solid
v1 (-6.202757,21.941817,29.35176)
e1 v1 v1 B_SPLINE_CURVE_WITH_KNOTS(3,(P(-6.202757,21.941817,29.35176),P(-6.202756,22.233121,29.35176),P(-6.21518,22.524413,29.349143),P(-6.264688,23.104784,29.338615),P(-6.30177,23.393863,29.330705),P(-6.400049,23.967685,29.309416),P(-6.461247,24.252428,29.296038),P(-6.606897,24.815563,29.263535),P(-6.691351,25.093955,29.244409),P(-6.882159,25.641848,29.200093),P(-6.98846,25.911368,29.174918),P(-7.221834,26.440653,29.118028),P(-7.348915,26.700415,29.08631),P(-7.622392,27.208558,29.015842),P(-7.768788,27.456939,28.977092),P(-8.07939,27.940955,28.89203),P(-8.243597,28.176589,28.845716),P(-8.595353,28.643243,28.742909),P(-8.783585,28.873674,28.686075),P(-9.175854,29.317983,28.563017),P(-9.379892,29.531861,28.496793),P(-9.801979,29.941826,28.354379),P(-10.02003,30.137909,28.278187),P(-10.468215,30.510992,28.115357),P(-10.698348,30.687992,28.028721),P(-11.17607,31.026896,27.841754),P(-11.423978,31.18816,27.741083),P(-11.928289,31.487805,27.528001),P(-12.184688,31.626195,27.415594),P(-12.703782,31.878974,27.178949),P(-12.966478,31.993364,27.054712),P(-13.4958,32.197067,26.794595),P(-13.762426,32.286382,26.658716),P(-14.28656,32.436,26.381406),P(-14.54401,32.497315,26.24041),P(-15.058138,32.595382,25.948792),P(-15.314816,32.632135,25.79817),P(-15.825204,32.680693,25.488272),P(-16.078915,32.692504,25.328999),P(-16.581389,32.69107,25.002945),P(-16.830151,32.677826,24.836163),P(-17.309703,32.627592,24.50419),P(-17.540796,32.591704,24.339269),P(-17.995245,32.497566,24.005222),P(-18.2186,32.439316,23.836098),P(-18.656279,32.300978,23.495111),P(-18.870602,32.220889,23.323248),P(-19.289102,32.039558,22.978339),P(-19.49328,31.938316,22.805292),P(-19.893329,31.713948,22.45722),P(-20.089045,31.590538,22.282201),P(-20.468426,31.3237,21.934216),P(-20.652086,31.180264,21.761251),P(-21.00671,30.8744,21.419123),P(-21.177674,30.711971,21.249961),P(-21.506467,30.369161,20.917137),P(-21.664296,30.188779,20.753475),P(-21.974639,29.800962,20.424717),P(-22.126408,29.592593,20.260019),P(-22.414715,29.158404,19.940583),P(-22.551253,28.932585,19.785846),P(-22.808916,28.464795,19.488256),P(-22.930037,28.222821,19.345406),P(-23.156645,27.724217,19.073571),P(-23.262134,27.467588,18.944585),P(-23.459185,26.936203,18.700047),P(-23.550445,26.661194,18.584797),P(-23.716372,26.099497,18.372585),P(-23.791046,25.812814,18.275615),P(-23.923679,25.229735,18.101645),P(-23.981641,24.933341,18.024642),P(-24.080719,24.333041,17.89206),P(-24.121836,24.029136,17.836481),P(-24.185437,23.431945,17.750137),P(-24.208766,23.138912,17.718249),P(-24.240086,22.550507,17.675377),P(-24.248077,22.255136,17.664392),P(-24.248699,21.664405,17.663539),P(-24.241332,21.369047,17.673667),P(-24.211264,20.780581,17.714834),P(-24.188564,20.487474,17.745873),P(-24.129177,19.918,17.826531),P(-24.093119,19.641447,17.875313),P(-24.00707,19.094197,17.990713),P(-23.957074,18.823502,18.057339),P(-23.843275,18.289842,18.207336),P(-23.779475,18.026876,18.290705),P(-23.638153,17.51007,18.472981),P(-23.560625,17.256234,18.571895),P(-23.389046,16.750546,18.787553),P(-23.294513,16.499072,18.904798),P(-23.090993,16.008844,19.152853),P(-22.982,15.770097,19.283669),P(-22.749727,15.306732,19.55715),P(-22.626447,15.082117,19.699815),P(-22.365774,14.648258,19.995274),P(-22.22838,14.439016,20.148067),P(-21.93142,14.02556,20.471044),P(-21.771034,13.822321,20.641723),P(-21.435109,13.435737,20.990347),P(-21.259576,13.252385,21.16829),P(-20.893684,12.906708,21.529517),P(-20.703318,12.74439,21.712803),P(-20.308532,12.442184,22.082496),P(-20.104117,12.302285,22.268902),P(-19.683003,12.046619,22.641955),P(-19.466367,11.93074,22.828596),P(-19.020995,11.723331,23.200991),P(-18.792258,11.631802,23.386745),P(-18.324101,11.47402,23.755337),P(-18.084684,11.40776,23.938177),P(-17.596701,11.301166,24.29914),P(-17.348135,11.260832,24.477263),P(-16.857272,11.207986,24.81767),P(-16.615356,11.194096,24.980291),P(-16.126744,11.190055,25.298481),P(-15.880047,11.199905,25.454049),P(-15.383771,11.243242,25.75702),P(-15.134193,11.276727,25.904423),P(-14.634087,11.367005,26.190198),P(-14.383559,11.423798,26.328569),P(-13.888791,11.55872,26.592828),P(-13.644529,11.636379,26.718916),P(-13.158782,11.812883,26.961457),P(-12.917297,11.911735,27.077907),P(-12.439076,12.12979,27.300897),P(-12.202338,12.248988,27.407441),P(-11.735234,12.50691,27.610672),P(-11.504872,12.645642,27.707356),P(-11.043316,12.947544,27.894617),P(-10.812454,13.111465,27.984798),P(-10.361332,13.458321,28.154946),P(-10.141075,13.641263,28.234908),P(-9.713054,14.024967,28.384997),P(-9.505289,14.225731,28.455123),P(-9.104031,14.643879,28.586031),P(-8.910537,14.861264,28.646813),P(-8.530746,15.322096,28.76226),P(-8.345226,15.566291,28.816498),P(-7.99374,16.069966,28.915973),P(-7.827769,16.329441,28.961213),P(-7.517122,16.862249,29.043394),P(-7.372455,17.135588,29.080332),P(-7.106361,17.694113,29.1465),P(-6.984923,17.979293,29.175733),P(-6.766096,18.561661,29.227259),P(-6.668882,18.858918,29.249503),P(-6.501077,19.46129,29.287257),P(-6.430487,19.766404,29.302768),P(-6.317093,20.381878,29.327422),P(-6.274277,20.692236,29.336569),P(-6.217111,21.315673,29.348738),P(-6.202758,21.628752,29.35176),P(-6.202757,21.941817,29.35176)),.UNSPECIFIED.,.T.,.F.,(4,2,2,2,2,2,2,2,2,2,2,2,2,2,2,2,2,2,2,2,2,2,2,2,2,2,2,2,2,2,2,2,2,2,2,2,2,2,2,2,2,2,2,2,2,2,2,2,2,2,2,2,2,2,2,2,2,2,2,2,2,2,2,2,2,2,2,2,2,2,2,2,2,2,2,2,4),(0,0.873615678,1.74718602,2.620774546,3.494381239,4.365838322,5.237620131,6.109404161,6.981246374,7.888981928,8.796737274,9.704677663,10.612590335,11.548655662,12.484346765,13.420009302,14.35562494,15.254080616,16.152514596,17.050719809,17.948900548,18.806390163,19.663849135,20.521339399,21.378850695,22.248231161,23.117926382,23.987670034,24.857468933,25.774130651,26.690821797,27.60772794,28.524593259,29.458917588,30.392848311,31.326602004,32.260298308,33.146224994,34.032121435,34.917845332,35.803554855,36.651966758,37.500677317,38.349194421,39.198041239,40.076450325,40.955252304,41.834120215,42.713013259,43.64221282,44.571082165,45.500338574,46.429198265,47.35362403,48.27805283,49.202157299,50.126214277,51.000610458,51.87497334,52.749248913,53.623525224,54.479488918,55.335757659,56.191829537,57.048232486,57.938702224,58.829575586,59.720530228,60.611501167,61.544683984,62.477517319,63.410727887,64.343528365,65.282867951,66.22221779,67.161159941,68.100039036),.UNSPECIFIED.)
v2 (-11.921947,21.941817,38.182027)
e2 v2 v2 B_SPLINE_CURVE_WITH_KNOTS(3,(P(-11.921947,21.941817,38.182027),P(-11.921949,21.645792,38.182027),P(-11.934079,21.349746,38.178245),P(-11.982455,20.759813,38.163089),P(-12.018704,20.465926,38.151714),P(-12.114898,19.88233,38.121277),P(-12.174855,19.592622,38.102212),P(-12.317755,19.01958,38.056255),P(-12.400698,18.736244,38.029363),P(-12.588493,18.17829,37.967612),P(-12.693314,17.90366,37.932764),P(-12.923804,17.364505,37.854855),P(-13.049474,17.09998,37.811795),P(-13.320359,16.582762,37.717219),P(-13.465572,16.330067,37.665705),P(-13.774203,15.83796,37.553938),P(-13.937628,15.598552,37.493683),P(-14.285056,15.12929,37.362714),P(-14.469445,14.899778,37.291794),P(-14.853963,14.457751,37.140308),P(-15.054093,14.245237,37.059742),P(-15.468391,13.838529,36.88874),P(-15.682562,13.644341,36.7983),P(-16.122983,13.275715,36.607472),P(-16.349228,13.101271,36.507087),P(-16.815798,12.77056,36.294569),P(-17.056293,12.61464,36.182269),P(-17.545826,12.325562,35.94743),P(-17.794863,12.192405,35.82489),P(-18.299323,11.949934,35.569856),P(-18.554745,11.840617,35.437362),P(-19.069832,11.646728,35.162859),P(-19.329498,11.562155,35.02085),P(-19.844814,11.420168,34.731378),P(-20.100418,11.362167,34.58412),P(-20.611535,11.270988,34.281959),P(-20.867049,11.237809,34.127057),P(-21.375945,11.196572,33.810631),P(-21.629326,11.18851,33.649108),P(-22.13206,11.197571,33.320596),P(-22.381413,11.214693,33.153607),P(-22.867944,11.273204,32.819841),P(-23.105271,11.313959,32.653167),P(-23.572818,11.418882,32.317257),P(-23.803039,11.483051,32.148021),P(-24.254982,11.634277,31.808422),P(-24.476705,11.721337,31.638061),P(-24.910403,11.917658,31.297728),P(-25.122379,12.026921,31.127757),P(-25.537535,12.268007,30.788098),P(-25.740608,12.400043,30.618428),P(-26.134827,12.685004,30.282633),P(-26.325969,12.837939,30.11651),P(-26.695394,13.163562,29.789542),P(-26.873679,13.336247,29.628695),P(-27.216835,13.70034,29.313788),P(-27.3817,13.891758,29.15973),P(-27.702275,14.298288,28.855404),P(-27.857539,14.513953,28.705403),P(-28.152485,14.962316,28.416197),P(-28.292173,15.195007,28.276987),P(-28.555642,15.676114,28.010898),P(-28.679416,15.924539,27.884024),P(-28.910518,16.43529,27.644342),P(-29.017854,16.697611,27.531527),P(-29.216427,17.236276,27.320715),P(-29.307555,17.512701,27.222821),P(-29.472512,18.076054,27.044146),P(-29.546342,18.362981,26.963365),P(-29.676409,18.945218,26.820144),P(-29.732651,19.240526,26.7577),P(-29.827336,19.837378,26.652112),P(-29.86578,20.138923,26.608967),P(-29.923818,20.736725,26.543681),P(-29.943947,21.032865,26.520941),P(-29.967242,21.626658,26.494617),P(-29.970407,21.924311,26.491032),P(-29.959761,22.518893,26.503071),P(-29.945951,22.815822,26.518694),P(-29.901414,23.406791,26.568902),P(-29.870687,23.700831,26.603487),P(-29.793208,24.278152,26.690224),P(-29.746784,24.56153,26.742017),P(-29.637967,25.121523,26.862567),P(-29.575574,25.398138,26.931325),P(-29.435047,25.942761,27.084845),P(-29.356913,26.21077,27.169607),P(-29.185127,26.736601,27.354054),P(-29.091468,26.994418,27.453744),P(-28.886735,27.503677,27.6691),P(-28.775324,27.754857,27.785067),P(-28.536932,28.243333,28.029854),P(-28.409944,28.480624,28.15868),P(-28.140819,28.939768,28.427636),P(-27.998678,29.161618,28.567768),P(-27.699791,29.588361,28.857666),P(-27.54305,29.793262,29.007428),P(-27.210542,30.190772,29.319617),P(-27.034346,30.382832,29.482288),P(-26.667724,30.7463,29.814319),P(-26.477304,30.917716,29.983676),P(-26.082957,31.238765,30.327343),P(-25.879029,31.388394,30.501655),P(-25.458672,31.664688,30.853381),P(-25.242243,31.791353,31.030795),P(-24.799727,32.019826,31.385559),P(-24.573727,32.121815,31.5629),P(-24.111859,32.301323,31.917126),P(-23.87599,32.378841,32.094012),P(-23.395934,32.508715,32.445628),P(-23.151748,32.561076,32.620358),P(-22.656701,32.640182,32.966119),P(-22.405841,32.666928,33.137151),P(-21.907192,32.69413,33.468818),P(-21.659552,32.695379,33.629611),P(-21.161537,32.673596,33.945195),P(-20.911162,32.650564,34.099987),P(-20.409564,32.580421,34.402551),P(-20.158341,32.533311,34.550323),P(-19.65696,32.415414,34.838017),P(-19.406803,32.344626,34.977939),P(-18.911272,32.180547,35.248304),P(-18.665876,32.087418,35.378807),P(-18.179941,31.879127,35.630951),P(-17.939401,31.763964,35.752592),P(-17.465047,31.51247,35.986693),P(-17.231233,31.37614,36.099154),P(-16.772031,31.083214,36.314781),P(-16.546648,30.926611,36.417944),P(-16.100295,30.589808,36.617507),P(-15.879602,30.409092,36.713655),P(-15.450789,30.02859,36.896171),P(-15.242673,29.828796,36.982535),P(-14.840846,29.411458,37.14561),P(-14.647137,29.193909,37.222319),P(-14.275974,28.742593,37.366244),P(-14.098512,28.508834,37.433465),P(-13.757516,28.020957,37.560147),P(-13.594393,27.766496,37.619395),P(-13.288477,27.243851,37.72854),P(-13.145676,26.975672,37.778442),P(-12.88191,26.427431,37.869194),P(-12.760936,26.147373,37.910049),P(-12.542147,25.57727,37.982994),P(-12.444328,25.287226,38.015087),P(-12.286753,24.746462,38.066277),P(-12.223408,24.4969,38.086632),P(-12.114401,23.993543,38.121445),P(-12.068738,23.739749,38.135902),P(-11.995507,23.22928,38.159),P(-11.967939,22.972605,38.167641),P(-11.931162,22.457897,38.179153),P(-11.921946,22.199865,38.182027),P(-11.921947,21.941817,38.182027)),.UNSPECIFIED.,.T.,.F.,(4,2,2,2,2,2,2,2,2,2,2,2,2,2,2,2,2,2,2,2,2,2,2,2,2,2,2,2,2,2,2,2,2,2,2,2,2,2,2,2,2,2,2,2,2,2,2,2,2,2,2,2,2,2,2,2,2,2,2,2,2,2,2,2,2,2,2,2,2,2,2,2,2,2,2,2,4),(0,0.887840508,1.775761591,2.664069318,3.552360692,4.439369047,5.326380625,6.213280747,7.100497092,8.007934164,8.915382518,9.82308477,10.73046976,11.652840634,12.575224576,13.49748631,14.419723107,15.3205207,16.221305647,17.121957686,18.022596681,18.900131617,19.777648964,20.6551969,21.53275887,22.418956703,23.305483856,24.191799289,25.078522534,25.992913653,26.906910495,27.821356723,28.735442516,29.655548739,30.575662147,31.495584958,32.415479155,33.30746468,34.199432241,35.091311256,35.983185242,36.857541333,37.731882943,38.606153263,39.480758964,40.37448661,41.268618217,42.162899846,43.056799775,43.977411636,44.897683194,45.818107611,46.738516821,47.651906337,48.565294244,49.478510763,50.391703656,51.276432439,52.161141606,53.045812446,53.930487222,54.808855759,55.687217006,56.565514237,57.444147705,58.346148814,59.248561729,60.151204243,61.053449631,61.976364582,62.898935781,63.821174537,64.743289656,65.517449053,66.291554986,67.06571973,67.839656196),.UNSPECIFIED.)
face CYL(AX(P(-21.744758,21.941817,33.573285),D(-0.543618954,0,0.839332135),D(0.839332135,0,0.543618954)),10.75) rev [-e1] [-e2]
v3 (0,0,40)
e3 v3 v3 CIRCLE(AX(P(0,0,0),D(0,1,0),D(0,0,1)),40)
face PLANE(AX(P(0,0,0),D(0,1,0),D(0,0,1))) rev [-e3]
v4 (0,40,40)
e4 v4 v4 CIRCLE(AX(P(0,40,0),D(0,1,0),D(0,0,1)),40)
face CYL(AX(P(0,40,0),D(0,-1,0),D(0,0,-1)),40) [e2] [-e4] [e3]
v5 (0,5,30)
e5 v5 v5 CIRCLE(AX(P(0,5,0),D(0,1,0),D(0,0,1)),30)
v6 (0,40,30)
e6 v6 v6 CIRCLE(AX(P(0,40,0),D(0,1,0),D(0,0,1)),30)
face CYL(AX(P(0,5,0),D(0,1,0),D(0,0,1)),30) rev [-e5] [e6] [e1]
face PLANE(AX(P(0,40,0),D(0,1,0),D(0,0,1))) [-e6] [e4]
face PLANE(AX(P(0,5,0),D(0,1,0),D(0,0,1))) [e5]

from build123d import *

# Parameters (mm, degrees)
SKETCH_1_R                     = 40
EXTRUDE_1_DEPTH                = 40
SKETCH_3_R                     = 30
CUT_EXTRUDE_2_DEPTH            = 35
HOLE_WIZARD_21_5_21_5_1_REACH  = 100.524
HOLE_WIZARD_21_5_21_5_1_BORE_R = 10.75


with BuildPart() as part:
    # 草圖1 → 填料-伸長1 (new body)
    with BuildSketch(Plane(origin=(0, 0, 0), x_dir=(1, 0, 0), z_dir=(0, 1, 0))):
        with Locations(Location((0, 0, 0), (0, 0, 270))):
            Circle(SKETCH_1_R)
    extrude(amount=EXTRUDE_1_DEPTH)

    # 草圖3 → 除料-伸長2 (cut)
    with BuildSketch(Plane(origin=(0, 40, 0), x_dir=(1, 0, 0), z_dir=(0, 1, 0))):
        with Locations(Location((0, 0, 0), (0, 0, 270))):
            Circle(SKETCH_3_R)
    extrude(amount=-CUT_EXTRUDE_2_DEPTH, mode=Mode.SUBTRACT)

    # Ø21.5 (21.5) 直徑孔1 bore (on position points) → Ø21.5 (21.5) 直徑孔1 (cut, up to next)
    with BuildSketch(Plane(origin=(-21.744758151, 21.94181737, 33.573285406), x_dir=(0.839332135156, 0, 0.543618953768), z_dir=(-0.543618953768, 0, 0.839332135156)), mode=Mode.PRIVATE) as hole_wizard_21_5_21_5_1_sk1:
        Circle(HOLE_WIZARD_21_5_21_5_1_BORE_R)
    hole_wizard_21_5_21_5_1_tool1 = extrude(hole_wizard_21_5_21_5_1_sk1.sketch, amount=-HOLE_WIZARD_21_5_21_5_1_REACH, mode=Mode.PRIVATE) & part.part
    add(hole_wizard_21_5_21_5_1_tool1.solids().sort_by_distance((-21.744758, 21.941817, 33.573285))[0], mode=Mode.SUBTRACT)


solid = part.part
